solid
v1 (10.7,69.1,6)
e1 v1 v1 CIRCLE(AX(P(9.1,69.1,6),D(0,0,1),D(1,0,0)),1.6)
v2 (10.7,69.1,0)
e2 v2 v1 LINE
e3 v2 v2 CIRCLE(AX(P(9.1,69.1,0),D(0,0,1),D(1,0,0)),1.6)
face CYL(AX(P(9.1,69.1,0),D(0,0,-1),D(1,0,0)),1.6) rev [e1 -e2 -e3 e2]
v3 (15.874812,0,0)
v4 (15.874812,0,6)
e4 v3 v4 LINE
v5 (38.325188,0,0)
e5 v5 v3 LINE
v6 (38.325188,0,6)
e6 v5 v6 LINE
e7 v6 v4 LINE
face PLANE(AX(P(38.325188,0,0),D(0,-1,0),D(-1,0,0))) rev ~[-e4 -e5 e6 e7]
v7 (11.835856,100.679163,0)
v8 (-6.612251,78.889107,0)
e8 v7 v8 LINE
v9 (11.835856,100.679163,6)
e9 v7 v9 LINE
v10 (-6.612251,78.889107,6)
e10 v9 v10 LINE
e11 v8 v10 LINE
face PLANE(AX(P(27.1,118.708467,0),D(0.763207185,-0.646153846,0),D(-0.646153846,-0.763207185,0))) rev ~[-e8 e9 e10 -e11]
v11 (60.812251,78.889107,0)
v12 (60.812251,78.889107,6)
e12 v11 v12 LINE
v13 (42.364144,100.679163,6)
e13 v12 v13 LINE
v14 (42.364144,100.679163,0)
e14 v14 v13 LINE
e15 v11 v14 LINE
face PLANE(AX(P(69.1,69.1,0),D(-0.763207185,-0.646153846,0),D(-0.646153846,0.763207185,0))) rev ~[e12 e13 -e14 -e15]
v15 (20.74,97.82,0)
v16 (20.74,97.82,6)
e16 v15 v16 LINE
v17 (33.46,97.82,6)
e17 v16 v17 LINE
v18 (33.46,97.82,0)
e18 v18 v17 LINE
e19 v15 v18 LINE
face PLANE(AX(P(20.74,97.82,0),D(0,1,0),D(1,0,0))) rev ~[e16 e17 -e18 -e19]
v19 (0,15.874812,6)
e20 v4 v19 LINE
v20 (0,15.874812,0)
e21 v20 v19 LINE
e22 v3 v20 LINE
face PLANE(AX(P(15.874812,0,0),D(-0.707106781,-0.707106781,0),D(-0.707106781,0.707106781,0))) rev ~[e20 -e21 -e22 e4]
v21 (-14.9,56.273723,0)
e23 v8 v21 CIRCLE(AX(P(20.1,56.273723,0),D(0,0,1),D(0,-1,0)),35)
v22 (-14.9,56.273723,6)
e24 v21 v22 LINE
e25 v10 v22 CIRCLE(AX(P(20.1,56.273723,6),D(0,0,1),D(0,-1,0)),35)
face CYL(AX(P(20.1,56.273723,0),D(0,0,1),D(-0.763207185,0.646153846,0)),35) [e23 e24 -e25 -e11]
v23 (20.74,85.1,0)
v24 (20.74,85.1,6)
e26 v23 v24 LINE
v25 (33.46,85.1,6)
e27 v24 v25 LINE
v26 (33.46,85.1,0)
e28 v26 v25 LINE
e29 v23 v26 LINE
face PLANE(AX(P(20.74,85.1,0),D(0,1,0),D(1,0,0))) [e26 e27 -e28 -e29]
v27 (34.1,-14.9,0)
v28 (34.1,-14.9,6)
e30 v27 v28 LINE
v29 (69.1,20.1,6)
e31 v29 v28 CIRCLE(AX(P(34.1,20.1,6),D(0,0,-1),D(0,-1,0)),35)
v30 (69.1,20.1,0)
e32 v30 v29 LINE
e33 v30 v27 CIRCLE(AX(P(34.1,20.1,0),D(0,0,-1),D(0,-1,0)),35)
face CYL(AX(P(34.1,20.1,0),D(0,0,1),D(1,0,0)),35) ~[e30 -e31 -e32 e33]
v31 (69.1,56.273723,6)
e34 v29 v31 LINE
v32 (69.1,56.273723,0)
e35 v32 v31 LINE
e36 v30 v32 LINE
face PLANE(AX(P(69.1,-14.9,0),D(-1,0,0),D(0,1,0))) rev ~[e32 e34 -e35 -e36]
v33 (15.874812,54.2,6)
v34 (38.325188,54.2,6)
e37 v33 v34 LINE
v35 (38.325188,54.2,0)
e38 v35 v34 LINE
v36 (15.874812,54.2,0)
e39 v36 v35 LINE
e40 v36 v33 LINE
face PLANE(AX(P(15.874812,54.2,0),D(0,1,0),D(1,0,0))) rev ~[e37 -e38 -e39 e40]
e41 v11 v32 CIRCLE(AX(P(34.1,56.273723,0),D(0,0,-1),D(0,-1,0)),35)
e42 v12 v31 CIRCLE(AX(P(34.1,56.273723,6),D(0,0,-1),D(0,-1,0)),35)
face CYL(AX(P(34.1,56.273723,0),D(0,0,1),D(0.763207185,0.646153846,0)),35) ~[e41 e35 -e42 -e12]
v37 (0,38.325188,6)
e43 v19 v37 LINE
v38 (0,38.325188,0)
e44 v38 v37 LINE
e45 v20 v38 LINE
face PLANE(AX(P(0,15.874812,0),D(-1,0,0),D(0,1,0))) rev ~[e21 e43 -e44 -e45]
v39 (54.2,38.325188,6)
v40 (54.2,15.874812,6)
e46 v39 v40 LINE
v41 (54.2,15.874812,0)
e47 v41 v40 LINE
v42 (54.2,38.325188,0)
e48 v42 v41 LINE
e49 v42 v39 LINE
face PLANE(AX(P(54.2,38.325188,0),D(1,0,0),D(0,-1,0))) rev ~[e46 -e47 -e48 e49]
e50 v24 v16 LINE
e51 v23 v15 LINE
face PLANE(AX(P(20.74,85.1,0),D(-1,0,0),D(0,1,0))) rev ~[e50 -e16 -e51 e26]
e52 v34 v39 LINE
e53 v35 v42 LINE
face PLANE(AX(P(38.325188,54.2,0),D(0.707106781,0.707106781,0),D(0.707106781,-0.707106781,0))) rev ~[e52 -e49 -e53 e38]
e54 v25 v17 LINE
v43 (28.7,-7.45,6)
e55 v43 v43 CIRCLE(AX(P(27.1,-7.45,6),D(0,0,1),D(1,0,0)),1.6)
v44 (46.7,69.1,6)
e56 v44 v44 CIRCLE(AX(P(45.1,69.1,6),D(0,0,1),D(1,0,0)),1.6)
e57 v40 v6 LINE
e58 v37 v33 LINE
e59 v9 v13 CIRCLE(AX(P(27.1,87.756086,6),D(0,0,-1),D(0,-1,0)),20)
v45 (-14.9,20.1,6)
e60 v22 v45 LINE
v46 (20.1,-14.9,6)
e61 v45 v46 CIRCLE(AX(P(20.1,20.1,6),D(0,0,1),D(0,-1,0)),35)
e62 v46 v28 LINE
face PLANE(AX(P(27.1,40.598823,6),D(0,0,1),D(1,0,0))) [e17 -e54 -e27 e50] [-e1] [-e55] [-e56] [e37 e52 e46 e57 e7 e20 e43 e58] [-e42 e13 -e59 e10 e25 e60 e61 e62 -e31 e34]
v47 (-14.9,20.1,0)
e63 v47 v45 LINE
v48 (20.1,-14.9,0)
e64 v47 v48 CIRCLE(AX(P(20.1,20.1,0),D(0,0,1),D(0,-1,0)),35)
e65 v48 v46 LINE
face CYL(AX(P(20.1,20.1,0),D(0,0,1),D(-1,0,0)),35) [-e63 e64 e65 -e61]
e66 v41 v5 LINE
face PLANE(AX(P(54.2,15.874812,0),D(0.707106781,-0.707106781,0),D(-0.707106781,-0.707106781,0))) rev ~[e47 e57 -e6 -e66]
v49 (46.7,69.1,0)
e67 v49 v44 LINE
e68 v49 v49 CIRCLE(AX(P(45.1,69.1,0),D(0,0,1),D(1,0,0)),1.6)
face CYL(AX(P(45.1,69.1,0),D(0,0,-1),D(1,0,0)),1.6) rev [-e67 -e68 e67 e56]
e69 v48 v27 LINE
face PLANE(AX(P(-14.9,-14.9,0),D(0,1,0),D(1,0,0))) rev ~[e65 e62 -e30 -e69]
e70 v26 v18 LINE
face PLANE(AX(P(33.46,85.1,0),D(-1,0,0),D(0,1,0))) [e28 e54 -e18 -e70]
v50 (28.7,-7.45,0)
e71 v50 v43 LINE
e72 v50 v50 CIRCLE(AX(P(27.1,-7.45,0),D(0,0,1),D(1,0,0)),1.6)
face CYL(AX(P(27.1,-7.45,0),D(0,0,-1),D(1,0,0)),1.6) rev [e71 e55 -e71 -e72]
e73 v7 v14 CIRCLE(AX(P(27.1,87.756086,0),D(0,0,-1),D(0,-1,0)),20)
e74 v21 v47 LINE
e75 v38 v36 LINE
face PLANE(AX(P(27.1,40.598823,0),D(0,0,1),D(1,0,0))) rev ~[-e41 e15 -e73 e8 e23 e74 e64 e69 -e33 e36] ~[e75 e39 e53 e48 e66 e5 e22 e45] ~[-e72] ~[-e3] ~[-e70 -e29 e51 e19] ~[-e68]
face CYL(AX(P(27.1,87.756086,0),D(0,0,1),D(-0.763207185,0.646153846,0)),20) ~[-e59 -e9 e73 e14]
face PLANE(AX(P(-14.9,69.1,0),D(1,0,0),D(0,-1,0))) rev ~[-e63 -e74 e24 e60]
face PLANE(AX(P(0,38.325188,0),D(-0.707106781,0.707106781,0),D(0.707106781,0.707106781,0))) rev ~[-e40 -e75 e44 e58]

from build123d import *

# Parameters (mm, degrees)
F0_R     = 1.6
F0_W     = 12.72
F0_H     = 12.72
F1_DEPTH = 6
F2_R     = 35
F3_R     = 20


with BuildPart() as f1:
    # F0 (on Top) → F1 (new body)
    with BuildSketch(Plane.XY):
        Polygon((27.1, 118.708467), (-14.9, 69.1), (-14.9, -14.9), (69.1, -14.9), (69.1, 69.1), align=None)
        with Locations((27.1, -7.45)):
            Circle(F0_R, mode=Mode.SUBTRACT)
        Polygon((0, 15.874812), (0, 38.325188), (15.874812, 54.2), (38.325188, 54.2), (54.2, 38.325188), (54.2, 15.874812), (38.325188, 0), (15.874812, 0), align=None, mode=Mode.SUBTRACT)
        with Locations((9.1, 69.1)):
            Circle(F0_R, mode=Mode.SUBTRACT)
        with Locations((45.1, 69.1)):
            Circle(F0_R, mode=Mode.SUBTRACT)
        with Locations((27.1, 91.46)):
            Rectangle(F0_W, F0_H, mode=Mode.SUBTRACT)
    extrude(amount=F1_DEPTH)

    # F2
    f2_edges = [f1.edges().sort_by_distance(p)[0] for p in [
        (69.1, -14.9, 3),
        (-14.9, -14.9, 3),
        (-14.9, 69.1, 3),
        (69.1, 69.1, 3),
    ]]
    fillet(f2_edges, radius=F2_R)

    # F3
    f3_edges = [f1.edges().sort_by_distance(p)[0] for p in [
        (27.1, 118.708467, 3),
    ]]
    fillet(f3_edges, radius=F3_R)


solid = f1.part
